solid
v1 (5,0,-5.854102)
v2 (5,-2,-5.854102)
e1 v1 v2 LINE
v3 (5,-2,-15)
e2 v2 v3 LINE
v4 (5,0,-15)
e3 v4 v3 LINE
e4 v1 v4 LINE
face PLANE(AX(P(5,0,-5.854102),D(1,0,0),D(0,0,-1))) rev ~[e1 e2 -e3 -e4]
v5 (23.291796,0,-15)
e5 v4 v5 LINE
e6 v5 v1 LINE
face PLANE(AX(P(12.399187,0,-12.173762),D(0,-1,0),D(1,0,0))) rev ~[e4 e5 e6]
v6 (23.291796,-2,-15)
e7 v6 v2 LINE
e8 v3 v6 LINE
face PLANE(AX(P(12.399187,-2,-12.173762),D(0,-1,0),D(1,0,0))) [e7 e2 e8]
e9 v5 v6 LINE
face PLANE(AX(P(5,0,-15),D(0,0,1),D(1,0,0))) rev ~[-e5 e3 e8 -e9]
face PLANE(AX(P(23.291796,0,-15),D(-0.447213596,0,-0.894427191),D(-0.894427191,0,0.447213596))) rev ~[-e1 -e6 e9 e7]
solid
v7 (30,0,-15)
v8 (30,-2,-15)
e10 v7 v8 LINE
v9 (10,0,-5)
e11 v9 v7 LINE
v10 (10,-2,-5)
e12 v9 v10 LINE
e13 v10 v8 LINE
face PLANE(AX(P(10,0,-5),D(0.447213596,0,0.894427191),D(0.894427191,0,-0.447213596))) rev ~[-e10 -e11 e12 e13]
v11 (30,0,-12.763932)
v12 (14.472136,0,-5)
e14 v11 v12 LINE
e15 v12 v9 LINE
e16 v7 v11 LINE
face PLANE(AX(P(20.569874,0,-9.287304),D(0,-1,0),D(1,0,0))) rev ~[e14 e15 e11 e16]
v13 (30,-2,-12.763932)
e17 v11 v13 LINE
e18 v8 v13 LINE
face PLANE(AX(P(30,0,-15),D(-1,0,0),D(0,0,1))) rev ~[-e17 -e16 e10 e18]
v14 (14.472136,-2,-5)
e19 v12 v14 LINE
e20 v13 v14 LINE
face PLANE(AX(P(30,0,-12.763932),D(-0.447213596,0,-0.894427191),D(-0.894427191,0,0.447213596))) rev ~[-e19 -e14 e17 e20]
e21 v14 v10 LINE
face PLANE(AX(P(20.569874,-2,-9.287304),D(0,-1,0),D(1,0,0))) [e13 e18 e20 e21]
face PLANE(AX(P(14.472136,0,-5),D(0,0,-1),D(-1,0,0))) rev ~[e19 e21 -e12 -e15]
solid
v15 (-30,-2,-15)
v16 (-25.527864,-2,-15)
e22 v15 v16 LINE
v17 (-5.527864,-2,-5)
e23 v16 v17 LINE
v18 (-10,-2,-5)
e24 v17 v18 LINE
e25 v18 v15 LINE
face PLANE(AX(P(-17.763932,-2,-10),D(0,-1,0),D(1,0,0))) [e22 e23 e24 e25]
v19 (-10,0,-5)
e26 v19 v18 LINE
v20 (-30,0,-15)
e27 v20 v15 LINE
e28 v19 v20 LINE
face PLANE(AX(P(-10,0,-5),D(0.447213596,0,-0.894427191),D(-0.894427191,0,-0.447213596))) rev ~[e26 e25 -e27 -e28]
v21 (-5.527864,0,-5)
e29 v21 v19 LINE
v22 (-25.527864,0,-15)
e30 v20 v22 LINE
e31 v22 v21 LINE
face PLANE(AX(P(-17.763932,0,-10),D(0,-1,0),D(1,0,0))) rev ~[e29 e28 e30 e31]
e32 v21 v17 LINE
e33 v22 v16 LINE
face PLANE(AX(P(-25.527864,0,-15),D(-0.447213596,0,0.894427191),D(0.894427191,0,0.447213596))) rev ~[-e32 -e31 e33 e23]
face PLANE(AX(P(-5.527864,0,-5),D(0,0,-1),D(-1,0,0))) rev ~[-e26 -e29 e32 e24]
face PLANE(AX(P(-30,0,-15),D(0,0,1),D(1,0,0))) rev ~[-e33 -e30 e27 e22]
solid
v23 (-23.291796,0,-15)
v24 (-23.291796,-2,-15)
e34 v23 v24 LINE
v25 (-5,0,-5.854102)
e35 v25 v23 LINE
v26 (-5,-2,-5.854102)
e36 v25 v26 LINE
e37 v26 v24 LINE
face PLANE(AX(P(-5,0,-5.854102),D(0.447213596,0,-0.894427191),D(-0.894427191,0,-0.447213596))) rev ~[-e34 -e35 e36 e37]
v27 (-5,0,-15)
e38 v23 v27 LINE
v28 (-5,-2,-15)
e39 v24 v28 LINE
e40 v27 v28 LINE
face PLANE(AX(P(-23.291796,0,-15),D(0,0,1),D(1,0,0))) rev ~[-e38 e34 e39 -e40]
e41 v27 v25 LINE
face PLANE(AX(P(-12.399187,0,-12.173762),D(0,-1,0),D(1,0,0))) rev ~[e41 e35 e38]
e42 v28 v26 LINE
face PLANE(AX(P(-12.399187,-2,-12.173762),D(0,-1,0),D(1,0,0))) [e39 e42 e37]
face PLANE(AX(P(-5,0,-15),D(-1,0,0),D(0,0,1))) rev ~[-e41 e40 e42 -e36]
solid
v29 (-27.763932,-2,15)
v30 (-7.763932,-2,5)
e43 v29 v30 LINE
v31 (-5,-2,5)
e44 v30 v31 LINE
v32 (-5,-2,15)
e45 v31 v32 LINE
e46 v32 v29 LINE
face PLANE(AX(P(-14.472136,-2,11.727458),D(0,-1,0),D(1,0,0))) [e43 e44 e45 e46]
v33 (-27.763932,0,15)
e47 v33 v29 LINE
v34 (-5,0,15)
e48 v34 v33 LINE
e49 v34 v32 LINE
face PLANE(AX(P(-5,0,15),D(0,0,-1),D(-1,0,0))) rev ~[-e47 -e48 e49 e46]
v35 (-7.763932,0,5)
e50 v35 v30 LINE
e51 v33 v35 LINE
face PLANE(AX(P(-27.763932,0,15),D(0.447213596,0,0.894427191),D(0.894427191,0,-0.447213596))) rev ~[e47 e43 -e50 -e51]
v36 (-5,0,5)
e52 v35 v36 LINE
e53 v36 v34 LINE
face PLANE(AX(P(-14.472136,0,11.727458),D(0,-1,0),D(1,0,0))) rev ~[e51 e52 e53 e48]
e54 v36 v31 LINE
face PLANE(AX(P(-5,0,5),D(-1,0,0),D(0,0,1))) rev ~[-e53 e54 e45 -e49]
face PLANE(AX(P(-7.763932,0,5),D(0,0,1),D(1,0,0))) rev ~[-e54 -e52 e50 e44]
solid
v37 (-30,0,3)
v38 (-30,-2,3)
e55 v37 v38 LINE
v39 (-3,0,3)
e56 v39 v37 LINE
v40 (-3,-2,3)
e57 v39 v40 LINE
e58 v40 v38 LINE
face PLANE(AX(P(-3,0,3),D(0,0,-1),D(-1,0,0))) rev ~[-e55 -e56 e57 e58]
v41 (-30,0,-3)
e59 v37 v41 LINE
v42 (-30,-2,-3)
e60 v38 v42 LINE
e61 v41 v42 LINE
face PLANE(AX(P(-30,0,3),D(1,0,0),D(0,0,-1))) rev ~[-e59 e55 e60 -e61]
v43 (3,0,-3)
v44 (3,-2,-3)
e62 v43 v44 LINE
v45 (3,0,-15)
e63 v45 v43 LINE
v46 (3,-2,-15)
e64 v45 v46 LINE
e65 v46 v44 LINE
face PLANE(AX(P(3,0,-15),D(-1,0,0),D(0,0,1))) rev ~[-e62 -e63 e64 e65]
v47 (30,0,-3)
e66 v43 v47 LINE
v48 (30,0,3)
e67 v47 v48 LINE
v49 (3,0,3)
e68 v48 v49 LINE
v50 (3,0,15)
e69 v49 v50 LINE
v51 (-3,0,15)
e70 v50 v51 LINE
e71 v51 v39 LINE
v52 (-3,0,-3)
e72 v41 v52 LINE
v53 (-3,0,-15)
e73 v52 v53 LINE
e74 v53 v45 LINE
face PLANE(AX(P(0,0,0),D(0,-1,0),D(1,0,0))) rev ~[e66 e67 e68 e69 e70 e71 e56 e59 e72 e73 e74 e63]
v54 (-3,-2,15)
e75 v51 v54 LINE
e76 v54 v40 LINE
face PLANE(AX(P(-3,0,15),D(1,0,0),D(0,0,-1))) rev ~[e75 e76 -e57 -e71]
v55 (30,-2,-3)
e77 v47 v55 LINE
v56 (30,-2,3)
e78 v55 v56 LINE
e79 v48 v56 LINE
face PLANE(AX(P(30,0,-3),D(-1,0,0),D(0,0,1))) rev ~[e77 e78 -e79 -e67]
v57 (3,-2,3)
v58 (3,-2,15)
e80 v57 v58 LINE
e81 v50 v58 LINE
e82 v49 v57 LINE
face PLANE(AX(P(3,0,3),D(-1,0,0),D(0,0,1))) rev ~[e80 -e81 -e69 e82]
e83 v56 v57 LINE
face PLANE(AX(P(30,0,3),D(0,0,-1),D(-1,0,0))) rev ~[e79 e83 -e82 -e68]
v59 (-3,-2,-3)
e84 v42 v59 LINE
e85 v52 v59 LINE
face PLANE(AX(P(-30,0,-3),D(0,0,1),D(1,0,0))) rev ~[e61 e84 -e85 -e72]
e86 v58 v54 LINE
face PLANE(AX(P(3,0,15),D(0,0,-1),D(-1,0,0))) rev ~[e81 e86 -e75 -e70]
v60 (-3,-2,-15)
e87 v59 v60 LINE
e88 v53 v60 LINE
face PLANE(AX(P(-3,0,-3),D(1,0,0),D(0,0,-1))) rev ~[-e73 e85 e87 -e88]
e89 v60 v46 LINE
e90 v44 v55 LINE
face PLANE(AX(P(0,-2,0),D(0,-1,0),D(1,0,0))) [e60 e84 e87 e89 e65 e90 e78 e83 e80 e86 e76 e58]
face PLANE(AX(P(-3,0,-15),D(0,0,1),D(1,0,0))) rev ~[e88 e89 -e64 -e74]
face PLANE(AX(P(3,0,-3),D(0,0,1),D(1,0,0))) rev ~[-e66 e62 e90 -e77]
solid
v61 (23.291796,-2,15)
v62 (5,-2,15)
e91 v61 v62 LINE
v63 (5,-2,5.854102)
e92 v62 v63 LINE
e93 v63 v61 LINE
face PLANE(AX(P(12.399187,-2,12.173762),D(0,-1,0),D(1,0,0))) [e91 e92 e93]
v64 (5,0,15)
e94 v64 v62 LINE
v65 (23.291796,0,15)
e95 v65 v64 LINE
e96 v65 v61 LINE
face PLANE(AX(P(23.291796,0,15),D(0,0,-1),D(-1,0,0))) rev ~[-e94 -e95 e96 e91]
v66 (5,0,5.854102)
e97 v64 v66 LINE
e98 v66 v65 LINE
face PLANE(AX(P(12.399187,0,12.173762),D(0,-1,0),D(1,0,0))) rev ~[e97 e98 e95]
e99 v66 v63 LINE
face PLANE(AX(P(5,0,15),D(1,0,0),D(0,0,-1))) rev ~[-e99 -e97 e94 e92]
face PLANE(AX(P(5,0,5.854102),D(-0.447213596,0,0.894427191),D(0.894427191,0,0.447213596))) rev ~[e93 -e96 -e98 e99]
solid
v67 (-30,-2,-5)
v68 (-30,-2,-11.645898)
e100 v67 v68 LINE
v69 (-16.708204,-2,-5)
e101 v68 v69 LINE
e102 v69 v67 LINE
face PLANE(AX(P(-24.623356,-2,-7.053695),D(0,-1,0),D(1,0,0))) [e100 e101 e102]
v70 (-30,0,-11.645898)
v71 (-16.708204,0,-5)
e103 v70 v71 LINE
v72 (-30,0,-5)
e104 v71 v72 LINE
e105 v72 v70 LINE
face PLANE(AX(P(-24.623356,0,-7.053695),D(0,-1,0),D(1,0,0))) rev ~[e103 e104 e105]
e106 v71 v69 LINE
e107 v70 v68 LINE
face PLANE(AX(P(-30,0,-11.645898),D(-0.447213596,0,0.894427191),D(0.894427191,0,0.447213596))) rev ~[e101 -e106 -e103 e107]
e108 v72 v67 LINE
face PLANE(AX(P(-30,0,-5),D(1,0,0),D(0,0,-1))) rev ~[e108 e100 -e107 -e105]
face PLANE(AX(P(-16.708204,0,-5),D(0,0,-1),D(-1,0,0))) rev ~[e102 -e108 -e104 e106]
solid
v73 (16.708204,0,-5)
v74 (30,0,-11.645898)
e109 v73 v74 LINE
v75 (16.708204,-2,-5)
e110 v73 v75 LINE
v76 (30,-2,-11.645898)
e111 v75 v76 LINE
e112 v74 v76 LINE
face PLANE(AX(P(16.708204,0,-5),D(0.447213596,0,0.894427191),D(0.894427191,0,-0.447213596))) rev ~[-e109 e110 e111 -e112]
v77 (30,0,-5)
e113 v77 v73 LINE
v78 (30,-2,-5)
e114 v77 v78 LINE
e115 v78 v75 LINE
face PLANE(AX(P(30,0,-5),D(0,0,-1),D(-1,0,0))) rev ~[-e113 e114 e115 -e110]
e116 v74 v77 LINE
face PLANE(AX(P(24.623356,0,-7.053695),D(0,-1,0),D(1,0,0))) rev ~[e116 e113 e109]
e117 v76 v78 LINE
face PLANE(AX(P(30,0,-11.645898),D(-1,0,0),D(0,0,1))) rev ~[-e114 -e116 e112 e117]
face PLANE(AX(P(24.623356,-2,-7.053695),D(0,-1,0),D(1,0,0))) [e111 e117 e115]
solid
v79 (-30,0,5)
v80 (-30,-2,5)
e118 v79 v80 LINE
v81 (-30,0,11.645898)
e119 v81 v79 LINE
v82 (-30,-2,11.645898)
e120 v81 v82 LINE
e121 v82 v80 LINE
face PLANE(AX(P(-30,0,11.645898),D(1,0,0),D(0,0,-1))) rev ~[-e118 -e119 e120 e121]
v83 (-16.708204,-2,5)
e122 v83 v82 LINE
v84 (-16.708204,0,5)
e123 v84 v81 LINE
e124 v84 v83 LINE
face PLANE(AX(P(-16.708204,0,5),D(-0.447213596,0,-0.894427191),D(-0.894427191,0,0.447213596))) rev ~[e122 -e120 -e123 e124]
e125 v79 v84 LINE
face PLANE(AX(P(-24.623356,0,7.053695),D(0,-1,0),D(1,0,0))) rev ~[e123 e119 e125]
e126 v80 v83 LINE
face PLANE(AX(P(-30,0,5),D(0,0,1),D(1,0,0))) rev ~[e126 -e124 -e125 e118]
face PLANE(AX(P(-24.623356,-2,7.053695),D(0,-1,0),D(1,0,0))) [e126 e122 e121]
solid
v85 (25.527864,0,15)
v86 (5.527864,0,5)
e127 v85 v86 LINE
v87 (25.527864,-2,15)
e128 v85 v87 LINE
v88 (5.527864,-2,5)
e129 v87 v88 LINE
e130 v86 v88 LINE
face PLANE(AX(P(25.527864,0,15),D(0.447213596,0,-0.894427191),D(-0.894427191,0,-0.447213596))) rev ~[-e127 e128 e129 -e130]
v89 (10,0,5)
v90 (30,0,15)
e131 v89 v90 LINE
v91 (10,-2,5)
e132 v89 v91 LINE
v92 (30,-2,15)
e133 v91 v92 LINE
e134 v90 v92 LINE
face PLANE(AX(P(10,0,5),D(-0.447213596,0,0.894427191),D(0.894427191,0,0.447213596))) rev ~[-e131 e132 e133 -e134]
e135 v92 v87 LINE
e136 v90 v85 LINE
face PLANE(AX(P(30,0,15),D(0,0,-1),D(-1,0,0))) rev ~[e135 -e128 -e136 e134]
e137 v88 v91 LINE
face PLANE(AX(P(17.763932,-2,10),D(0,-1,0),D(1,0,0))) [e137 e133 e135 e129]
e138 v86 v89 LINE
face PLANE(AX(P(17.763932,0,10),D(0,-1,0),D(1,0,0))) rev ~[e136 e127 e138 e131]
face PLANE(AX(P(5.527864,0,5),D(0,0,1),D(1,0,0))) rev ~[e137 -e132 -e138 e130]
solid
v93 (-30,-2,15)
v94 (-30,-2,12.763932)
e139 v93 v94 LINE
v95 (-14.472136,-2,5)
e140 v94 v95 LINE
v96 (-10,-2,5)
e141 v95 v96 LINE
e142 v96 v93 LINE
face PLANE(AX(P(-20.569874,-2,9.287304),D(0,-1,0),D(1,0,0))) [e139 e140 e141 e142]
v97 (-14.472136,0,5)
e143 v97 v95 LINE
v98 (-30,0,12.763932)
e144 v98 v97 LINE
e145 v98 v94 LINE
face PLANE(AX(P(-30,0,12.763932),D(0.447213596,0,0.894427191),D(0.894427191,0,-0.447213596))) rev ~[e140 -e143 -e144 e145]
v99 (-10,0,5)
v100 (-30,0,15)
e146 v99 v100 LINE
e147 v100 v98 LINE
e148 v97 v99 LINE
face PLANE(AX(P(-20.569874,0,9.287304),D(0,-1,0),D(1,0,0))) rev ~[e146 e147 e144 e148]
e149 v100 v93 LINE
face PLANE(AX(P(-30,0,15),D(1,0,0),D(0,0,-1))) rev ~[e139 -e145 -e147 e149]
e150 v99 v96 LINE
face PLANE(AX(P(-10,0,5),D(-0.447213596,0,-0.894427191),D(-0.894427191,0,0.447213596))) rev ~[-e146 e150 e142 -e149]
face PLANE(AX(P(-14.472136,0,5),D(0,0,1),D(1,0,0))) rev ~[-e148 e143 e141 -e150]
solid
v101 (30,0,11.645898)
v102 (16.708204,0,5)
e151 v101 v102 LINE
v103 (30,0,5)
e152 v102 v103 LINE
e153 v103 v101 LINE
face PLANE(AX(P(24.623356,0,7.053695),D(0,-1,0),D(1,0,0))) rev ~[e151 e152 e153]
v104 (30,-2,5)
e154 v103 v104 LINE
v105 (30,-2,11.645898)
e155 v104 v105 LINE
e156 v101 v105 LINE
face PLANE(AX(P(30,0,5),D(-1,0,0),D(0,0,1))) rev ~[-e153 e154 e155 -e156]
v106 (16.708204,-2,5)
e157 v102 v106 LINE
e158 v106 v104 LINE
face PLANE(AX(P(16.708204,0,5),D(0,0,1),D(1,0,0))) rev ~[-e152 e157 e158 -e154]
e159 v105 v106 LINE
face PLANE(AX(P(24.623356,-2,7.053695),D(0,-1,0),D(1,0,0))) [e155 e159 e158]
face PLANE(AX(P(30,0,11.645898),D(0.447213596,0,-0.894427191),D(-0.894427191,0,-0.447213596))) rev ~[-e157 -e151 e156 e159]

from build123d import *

# Parameters (mm, degrees)
F1_DEPTH = 2


with BuildPart() as f1:
    # F0 (on Front) → F1 (new body)
    with BuildSketch(Plane.XZ):
        Polygon((-10, -5), (-30, -15), (-25.527864, -15), (-5.527864, -5), align=None)
        Polygon((-5, 15), (-27.763932, 15), (-7.763932, 5), (-5, 5), align=None)
        Polygon((-5, -5.854102), (-23.291796, -15), (-5, -15), align=None)
        Polygon((-16.708204, -5), (-30, -5), (-30, -11.645898), align=None)
        Polygon((-30, 11.645898), (-30, 5), (-16.708204, 5), align=None)
        Polygon((-10, 5), (-30, 15), (-30, 12.763932), (-14.472136, 5), align=None)
        Polygon((10, 5), (30, 15), (25.527864, 15), (5.527864, 5), align=None)
        Polygon((16.708204, 5), (30, 5), (30, 11.645898), align=None)
        Polygon((23.291796, 15), (5, 15), (5, 5.854102), align=None)
        Polygon((10, -5), (30, -15), (30, -12.763932), (14.472136, -5), align=None)
        Polygon((3, -3), (30, -3), (30, 3), (3, 3), (3, 15), (-3, 15), (-3, 3), (-30, 3), (-30, -3), (-3, -3), (-3, -15), (3, -15), align=None)
        Polygon((5, -5.854102), (5, -15), (23.291796, -15), align=None)
        Polygon((30, -5), (16.708204, -5), (30, -11.645898), align=None)
    extrude(amount=F1_DEPTH)


solid = f1.part
